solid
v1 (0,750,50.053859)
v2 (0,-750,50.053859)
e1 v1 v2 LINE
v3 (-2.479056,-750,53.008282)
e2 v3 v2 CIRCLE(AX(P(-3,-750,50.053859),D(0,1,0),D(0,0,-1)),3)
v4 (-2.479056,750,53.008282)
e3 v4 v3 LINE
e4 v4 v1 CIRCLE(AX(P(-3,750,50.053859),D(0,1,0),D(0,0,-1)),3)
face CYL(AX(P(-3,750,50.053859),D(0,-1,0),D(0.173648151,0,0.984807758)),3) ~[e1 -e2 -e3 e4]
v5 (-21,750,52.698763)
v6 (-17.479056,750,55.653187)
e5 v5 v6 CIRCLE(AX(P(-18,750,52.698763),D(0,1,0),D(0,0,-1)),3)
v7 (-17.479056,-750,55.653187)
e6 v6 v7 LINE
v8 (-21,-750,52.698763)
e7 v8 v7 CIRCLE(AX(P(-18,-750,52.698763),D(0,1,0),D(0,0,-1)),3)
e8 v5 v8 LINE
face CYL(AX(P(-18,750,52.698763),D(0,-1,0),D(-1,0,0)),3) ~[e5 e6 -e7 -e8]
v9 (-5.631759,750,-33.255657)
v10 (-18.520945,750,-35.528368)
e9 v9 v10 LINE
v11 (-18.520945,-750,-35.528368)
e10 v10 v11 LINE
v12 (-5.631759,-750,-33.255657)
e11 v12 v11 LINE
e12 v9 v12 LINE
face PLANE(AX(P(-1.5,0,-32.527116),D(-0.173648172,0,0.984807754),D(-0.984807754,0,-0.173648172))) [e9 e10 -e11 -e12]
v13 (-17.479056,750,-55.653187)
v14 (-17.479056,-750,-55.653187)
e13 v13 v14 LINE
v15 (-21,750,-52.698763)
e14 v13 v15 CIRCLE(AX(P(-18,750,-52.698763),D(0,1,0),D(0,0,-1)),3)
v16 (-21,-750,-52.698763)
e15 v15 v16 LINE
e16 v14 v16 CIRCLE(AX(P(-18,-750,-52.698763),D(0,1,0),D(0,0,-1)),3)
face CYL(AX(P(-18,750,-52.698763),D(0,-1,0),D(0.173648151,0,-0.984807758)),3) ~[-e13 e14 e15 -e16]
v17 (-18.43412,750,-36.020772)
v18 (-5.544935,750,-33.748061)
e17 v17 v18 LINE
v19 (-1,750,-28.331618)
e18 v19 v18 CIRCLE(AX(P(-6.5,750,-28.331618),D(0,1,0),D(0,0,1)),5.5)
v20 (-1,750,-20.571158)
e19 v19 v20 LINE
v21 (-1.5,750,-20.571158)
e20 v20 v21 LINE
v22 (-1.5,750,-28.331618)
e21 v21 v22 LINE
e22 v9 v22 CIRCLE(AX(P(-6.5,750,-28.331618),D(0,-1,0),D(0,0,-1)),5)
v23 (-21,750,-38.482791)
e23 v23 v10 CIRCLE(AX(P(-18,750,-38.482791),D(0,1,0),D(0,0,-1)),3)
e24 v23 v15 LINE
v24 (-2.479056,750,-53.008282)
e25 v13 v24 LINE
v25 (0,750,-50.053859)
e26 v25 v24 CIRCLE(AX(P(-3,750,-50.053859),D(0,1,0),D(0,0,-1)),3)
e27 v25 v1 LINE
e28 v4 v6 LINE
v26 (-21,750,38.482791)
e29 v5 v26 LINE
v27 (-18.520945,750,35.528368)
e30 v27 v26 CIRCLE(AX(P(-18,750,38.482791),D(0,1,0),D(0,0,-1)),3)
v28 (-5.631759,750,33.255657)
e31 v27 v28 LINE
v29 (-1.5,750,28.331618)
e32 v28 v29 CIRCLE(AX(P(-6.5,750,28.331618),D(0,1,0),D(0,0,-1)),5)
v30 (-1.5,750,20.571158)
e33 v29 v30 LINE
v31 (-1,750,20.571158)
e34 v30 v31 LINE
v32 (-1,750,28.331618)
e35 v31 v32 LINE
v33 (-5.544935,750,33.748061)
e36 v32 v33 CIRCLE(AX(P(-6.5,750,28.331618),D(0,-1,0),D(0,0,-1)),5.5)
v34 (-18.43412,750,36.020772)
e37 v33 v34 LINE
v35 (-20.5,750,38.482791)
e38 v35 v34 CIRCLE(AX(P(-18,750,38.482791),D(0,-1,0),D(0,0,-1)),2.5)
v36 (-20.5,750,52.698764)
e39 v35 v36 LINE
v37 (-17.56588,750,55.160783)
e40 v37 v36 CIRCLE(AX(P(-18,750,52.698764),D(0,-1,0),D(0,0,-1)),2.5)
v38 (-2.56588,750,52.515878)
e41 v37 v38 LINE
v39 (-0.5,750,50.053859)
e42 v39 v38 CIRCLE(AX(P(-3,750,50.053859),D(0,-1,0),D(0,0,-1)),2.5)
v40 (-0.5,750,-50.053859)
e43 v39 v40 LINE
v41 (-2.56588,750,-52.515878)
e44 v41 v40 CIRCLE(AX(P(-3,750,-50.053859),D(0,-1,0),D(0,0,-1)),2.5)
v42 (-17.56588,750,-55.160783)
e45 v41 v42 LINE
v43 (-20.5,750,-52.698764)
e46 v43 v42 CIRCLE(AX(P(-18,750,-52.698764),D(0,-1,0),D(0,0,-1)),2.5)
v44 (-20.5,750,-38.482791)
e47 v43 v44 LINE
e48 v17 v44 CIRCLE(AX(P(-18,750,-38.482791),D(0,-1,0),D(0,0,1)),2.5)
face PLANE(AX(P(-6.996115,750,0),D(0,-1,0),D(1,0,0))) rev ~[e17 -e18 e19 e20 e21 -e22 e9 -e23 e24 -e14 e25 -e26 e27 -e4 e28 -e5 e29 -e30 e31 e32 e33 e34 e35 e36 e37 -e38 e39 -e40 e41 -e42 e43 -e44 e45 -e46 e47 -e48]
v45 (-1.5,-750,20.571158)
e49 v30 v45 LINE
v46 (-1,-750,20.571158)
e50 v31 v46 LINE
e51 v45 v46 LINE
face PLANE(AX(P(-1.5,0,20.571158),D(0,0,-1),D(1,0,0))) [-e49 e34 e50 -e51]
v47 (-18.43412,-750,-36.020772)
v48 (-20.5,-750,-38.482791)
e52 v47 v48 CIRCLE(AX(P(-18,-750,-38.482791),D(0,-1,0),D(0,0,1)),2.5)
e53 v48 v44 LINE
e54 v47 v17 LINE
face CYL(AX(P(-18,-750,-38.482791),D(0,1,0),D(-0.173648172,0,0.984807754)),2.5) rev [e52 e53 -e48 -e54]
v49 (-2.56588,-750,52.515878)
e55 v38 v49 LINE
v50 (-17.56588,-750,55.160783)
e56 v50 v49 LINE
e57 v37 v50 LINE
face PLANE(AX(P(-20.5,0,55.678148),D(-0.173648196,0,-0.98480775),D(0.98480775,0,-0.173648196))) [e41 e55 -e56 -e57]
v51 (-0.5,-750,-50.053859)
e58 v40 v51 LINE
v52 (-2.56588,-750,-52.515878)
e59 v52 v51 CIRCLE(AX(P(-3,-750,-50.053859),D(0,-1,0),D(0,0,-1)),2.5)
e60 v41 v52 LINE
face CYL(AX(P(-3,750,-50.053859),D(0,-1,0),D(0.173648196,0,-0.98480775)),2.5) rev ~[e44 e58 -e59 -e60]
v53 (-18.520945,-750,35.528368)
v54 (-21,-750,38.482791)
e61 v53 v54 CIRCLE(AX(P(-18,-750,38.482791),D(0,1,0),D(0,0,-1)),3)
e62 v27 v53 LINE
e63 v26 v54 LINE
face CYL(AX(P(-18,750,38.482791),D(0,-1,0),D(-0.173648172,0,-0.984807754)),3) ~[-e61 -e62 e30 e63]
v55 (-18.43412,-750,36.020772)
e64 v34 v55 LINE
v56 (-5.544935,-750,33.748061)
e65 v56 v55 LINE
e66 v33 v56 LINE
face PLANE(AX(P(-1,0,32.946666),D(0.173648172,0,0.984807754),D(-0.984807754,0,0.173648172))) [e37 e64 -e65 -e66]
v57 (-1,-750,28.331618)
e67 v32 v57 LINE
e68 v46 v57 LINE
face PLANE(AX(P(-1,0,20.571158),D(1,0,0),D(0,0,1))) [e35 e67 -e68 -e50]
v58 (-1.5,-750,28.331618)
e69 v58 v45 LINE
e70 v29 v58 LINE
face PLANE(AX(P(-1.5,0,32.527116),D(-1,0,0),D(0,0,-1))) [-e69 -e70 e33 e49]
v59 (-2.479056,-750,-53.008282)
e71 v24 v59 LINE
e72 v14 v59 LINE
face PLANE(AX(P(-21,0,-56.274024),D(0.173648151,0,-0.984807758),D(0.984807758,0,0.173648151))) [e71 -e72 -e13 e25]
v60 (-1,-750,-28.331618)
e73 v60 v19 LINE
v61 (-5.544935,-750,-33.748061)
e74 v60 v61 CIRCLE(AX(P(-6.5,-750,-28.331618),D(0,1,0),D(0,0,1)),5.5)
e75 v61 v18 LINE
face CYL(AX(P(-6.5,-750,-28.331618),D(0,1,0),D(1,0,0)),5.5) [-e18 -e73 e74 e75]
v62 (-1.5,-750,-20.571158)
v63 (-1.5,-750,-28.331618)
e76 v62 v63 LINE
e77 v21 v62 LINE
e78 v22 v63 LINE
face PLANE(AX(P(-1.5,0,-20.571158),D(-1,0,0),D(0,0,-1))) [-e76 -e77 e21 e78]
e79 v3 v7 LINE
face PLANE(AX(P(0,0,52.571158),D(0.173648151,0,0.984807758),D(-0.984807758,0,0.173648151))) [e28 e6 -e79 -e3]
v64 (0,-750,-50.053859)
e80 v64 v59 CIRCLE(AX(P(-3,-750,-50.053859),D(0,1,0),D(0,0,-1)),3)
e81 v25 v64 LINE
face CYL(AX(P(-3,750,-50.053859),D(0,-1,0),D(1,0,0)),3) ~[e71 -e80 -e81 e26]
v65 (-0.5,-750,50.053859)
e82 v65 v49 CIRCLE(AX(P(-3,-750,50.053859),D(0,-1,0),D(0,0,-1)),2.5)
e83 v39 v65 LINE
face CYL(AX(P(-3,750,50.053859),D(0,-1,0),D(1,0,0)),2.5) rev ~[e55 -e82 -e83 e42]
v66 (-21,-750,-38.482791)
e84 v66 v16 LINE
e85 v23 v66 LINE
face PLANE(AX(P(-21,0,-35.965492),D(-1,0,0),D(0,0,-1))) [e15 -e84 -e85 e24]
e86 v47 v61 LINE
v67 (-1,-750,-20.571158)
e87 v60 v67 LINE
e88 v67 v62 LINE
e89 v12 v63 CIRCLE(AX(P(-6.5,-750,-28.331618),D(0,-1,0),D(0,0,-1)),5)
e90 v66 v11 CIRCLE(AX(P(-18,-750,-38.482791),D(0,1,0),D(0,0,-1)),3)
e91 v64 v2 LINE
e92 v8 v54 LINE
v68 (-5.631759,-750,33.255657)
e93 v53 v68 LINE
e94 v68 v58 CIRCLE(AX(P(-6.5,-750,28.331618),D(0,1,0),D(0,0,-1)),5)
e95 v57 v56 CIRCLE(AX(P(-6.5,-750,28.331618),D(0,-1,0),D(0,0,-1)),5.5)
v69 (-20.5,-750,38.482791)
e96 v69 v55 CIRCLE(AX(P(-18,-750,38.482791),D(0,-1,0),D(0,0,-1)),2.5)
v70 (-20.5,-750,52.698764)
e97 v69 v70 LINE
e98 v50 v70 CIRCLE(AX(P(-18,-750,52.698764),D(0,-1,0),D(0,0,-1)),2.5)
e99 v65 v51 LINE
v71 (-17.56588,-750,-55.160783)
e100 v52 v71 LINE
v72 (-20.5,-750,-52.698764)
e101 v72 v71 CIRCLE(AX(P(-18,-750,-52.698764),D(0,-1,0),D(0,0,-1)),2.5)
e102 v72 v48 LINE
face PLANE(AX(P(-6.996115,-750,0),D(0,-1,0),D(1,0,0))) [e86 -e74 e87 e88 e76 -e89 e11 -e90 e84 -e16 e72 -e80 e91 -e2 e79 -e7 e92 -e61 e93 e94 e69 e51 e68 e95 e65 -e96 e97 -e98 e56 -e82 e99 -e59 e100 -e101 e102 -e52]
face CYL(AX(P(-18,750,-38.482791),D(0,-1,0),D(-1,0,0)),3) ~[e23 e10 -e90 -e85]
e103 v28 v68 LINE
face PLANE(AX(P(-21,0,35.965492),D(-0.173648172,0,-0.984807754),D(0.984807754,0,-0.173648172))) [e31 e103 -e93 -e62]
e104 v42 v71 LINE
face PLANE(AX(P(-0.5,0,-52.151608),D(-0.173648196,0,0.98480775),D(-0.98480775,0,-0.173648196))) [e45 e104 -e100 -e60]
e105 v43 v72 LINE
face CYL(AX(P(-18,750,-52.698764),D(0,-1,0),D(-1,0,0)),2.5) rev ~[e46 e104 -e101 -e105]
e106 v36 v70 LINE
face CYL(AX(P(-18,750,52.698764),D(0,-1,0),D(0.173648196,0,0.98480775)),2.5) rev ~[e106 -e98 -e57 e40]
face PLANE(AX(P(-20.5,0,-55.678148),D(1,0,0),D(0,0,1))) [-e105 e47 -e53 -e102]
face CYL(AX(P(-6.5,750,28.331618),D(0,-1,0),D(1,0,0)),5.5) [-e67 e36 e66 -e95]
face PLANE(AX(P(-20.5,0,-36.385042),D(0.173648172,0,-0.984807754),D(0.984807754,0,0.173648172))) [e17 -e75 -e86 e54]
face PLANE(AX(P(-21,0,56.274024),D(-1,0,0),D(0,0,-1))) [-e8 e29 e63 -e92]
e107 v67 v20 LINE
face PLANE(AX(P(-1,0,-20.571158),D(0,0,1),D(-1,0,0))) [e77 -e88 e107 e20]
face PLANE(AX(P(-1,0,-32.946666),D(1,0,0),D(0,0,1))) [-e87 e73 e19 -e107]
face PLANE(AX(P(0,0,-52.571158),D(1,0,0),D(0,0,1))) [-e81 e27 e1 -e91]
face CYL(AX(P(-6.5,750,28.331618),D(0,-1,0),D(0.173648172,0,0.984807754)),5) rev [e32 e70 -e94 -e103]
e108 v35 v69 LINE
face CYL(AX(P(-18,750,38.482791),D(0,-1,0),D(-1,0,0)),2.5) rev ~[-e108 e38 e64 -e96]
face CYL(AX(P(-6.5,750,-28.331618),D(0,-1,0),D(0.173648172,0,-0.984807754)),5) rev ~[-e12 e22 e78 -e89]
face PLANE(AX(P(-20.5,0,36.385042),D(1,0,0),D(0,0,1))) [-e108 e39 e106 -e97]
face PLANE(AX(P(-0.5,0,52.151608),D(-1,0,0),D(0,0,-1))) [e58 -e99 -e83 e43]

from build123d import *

# Parameters (mm, degrees)
F1_DEPTH = 750
F2_R     = 2.5
F3_R     = 3
F4_R     = 5
F5_R     = 5.5


with BuildPart() as f1:
    # F0 (on Front) → F1 (new body, symmetric)
    with BuildSketch(Plane.XZ):
        Polygon((-1, -20.571158), (-1.5, -20.571158), (-1.5, -32.527116), (-21, -35.965492), (-21, -56.274024), (0, -52.571158), (0, 52.571158), (-21, 56.274024), (-21, 35.965492), (-1.5, 32.527116), (-1.5, 20.571158), (-1, 20.571158), (-1, 32.946666), (-20.5, 36.385042), (-20.5, 55.678148), (-0.5, 52.151608), (-0.5, -52.151608), (-20.5, -55.678148), (-20.5, -36.385042), (-1, -32.946666), align=None)
    extrude(amount=F1_DEPTH, both=True)

    # F2
    f2_edges = [f1.edges().sort_by_distance(p)[0] for p in [
        (-0.5, 0, 52.151608),
        (-20.5, 0, 36.385042),
        (-20.5, 0, 55.678148),
        (-20.5, 0, -36.385042),
        (-0.5, 0, -52.151608),
        (-20.5, 0, -55.678148),
    ]]
    fillet(f2_edges, radius=F2_R)

    # F3
    f3_edges = [f1.edges().sort_by_distance(p)[0] for p in [
        (0, 0, 52.571158),
        (-21, 0, 35.965492),
        (-21, 0, 56.274024),
        (-21, 0, -35.965492),
        (-21, 0, -56.274024),
        (0, 0, -52.571158),
    ]]
    fillet(f3_edges, radius=F3_R)

    # F4
    f4_edges = [f1.edges().sort_by_distance(p)[0] for p in [
        (-1.5, 0, 32.527116),
        (-1.5, 0, -32.527116),
    ]]
    fillet(f4_edges, radius=F4_R)

    # F5
    f5_edges = [f1.edges().sort_by_distance(p)[0] for p in [
        (-1, 0, -32.946666),
        (-1, 0, 32.946666),
    ]]
    fillet(f5_edges, radius=F5_R)


solid = f1.part
